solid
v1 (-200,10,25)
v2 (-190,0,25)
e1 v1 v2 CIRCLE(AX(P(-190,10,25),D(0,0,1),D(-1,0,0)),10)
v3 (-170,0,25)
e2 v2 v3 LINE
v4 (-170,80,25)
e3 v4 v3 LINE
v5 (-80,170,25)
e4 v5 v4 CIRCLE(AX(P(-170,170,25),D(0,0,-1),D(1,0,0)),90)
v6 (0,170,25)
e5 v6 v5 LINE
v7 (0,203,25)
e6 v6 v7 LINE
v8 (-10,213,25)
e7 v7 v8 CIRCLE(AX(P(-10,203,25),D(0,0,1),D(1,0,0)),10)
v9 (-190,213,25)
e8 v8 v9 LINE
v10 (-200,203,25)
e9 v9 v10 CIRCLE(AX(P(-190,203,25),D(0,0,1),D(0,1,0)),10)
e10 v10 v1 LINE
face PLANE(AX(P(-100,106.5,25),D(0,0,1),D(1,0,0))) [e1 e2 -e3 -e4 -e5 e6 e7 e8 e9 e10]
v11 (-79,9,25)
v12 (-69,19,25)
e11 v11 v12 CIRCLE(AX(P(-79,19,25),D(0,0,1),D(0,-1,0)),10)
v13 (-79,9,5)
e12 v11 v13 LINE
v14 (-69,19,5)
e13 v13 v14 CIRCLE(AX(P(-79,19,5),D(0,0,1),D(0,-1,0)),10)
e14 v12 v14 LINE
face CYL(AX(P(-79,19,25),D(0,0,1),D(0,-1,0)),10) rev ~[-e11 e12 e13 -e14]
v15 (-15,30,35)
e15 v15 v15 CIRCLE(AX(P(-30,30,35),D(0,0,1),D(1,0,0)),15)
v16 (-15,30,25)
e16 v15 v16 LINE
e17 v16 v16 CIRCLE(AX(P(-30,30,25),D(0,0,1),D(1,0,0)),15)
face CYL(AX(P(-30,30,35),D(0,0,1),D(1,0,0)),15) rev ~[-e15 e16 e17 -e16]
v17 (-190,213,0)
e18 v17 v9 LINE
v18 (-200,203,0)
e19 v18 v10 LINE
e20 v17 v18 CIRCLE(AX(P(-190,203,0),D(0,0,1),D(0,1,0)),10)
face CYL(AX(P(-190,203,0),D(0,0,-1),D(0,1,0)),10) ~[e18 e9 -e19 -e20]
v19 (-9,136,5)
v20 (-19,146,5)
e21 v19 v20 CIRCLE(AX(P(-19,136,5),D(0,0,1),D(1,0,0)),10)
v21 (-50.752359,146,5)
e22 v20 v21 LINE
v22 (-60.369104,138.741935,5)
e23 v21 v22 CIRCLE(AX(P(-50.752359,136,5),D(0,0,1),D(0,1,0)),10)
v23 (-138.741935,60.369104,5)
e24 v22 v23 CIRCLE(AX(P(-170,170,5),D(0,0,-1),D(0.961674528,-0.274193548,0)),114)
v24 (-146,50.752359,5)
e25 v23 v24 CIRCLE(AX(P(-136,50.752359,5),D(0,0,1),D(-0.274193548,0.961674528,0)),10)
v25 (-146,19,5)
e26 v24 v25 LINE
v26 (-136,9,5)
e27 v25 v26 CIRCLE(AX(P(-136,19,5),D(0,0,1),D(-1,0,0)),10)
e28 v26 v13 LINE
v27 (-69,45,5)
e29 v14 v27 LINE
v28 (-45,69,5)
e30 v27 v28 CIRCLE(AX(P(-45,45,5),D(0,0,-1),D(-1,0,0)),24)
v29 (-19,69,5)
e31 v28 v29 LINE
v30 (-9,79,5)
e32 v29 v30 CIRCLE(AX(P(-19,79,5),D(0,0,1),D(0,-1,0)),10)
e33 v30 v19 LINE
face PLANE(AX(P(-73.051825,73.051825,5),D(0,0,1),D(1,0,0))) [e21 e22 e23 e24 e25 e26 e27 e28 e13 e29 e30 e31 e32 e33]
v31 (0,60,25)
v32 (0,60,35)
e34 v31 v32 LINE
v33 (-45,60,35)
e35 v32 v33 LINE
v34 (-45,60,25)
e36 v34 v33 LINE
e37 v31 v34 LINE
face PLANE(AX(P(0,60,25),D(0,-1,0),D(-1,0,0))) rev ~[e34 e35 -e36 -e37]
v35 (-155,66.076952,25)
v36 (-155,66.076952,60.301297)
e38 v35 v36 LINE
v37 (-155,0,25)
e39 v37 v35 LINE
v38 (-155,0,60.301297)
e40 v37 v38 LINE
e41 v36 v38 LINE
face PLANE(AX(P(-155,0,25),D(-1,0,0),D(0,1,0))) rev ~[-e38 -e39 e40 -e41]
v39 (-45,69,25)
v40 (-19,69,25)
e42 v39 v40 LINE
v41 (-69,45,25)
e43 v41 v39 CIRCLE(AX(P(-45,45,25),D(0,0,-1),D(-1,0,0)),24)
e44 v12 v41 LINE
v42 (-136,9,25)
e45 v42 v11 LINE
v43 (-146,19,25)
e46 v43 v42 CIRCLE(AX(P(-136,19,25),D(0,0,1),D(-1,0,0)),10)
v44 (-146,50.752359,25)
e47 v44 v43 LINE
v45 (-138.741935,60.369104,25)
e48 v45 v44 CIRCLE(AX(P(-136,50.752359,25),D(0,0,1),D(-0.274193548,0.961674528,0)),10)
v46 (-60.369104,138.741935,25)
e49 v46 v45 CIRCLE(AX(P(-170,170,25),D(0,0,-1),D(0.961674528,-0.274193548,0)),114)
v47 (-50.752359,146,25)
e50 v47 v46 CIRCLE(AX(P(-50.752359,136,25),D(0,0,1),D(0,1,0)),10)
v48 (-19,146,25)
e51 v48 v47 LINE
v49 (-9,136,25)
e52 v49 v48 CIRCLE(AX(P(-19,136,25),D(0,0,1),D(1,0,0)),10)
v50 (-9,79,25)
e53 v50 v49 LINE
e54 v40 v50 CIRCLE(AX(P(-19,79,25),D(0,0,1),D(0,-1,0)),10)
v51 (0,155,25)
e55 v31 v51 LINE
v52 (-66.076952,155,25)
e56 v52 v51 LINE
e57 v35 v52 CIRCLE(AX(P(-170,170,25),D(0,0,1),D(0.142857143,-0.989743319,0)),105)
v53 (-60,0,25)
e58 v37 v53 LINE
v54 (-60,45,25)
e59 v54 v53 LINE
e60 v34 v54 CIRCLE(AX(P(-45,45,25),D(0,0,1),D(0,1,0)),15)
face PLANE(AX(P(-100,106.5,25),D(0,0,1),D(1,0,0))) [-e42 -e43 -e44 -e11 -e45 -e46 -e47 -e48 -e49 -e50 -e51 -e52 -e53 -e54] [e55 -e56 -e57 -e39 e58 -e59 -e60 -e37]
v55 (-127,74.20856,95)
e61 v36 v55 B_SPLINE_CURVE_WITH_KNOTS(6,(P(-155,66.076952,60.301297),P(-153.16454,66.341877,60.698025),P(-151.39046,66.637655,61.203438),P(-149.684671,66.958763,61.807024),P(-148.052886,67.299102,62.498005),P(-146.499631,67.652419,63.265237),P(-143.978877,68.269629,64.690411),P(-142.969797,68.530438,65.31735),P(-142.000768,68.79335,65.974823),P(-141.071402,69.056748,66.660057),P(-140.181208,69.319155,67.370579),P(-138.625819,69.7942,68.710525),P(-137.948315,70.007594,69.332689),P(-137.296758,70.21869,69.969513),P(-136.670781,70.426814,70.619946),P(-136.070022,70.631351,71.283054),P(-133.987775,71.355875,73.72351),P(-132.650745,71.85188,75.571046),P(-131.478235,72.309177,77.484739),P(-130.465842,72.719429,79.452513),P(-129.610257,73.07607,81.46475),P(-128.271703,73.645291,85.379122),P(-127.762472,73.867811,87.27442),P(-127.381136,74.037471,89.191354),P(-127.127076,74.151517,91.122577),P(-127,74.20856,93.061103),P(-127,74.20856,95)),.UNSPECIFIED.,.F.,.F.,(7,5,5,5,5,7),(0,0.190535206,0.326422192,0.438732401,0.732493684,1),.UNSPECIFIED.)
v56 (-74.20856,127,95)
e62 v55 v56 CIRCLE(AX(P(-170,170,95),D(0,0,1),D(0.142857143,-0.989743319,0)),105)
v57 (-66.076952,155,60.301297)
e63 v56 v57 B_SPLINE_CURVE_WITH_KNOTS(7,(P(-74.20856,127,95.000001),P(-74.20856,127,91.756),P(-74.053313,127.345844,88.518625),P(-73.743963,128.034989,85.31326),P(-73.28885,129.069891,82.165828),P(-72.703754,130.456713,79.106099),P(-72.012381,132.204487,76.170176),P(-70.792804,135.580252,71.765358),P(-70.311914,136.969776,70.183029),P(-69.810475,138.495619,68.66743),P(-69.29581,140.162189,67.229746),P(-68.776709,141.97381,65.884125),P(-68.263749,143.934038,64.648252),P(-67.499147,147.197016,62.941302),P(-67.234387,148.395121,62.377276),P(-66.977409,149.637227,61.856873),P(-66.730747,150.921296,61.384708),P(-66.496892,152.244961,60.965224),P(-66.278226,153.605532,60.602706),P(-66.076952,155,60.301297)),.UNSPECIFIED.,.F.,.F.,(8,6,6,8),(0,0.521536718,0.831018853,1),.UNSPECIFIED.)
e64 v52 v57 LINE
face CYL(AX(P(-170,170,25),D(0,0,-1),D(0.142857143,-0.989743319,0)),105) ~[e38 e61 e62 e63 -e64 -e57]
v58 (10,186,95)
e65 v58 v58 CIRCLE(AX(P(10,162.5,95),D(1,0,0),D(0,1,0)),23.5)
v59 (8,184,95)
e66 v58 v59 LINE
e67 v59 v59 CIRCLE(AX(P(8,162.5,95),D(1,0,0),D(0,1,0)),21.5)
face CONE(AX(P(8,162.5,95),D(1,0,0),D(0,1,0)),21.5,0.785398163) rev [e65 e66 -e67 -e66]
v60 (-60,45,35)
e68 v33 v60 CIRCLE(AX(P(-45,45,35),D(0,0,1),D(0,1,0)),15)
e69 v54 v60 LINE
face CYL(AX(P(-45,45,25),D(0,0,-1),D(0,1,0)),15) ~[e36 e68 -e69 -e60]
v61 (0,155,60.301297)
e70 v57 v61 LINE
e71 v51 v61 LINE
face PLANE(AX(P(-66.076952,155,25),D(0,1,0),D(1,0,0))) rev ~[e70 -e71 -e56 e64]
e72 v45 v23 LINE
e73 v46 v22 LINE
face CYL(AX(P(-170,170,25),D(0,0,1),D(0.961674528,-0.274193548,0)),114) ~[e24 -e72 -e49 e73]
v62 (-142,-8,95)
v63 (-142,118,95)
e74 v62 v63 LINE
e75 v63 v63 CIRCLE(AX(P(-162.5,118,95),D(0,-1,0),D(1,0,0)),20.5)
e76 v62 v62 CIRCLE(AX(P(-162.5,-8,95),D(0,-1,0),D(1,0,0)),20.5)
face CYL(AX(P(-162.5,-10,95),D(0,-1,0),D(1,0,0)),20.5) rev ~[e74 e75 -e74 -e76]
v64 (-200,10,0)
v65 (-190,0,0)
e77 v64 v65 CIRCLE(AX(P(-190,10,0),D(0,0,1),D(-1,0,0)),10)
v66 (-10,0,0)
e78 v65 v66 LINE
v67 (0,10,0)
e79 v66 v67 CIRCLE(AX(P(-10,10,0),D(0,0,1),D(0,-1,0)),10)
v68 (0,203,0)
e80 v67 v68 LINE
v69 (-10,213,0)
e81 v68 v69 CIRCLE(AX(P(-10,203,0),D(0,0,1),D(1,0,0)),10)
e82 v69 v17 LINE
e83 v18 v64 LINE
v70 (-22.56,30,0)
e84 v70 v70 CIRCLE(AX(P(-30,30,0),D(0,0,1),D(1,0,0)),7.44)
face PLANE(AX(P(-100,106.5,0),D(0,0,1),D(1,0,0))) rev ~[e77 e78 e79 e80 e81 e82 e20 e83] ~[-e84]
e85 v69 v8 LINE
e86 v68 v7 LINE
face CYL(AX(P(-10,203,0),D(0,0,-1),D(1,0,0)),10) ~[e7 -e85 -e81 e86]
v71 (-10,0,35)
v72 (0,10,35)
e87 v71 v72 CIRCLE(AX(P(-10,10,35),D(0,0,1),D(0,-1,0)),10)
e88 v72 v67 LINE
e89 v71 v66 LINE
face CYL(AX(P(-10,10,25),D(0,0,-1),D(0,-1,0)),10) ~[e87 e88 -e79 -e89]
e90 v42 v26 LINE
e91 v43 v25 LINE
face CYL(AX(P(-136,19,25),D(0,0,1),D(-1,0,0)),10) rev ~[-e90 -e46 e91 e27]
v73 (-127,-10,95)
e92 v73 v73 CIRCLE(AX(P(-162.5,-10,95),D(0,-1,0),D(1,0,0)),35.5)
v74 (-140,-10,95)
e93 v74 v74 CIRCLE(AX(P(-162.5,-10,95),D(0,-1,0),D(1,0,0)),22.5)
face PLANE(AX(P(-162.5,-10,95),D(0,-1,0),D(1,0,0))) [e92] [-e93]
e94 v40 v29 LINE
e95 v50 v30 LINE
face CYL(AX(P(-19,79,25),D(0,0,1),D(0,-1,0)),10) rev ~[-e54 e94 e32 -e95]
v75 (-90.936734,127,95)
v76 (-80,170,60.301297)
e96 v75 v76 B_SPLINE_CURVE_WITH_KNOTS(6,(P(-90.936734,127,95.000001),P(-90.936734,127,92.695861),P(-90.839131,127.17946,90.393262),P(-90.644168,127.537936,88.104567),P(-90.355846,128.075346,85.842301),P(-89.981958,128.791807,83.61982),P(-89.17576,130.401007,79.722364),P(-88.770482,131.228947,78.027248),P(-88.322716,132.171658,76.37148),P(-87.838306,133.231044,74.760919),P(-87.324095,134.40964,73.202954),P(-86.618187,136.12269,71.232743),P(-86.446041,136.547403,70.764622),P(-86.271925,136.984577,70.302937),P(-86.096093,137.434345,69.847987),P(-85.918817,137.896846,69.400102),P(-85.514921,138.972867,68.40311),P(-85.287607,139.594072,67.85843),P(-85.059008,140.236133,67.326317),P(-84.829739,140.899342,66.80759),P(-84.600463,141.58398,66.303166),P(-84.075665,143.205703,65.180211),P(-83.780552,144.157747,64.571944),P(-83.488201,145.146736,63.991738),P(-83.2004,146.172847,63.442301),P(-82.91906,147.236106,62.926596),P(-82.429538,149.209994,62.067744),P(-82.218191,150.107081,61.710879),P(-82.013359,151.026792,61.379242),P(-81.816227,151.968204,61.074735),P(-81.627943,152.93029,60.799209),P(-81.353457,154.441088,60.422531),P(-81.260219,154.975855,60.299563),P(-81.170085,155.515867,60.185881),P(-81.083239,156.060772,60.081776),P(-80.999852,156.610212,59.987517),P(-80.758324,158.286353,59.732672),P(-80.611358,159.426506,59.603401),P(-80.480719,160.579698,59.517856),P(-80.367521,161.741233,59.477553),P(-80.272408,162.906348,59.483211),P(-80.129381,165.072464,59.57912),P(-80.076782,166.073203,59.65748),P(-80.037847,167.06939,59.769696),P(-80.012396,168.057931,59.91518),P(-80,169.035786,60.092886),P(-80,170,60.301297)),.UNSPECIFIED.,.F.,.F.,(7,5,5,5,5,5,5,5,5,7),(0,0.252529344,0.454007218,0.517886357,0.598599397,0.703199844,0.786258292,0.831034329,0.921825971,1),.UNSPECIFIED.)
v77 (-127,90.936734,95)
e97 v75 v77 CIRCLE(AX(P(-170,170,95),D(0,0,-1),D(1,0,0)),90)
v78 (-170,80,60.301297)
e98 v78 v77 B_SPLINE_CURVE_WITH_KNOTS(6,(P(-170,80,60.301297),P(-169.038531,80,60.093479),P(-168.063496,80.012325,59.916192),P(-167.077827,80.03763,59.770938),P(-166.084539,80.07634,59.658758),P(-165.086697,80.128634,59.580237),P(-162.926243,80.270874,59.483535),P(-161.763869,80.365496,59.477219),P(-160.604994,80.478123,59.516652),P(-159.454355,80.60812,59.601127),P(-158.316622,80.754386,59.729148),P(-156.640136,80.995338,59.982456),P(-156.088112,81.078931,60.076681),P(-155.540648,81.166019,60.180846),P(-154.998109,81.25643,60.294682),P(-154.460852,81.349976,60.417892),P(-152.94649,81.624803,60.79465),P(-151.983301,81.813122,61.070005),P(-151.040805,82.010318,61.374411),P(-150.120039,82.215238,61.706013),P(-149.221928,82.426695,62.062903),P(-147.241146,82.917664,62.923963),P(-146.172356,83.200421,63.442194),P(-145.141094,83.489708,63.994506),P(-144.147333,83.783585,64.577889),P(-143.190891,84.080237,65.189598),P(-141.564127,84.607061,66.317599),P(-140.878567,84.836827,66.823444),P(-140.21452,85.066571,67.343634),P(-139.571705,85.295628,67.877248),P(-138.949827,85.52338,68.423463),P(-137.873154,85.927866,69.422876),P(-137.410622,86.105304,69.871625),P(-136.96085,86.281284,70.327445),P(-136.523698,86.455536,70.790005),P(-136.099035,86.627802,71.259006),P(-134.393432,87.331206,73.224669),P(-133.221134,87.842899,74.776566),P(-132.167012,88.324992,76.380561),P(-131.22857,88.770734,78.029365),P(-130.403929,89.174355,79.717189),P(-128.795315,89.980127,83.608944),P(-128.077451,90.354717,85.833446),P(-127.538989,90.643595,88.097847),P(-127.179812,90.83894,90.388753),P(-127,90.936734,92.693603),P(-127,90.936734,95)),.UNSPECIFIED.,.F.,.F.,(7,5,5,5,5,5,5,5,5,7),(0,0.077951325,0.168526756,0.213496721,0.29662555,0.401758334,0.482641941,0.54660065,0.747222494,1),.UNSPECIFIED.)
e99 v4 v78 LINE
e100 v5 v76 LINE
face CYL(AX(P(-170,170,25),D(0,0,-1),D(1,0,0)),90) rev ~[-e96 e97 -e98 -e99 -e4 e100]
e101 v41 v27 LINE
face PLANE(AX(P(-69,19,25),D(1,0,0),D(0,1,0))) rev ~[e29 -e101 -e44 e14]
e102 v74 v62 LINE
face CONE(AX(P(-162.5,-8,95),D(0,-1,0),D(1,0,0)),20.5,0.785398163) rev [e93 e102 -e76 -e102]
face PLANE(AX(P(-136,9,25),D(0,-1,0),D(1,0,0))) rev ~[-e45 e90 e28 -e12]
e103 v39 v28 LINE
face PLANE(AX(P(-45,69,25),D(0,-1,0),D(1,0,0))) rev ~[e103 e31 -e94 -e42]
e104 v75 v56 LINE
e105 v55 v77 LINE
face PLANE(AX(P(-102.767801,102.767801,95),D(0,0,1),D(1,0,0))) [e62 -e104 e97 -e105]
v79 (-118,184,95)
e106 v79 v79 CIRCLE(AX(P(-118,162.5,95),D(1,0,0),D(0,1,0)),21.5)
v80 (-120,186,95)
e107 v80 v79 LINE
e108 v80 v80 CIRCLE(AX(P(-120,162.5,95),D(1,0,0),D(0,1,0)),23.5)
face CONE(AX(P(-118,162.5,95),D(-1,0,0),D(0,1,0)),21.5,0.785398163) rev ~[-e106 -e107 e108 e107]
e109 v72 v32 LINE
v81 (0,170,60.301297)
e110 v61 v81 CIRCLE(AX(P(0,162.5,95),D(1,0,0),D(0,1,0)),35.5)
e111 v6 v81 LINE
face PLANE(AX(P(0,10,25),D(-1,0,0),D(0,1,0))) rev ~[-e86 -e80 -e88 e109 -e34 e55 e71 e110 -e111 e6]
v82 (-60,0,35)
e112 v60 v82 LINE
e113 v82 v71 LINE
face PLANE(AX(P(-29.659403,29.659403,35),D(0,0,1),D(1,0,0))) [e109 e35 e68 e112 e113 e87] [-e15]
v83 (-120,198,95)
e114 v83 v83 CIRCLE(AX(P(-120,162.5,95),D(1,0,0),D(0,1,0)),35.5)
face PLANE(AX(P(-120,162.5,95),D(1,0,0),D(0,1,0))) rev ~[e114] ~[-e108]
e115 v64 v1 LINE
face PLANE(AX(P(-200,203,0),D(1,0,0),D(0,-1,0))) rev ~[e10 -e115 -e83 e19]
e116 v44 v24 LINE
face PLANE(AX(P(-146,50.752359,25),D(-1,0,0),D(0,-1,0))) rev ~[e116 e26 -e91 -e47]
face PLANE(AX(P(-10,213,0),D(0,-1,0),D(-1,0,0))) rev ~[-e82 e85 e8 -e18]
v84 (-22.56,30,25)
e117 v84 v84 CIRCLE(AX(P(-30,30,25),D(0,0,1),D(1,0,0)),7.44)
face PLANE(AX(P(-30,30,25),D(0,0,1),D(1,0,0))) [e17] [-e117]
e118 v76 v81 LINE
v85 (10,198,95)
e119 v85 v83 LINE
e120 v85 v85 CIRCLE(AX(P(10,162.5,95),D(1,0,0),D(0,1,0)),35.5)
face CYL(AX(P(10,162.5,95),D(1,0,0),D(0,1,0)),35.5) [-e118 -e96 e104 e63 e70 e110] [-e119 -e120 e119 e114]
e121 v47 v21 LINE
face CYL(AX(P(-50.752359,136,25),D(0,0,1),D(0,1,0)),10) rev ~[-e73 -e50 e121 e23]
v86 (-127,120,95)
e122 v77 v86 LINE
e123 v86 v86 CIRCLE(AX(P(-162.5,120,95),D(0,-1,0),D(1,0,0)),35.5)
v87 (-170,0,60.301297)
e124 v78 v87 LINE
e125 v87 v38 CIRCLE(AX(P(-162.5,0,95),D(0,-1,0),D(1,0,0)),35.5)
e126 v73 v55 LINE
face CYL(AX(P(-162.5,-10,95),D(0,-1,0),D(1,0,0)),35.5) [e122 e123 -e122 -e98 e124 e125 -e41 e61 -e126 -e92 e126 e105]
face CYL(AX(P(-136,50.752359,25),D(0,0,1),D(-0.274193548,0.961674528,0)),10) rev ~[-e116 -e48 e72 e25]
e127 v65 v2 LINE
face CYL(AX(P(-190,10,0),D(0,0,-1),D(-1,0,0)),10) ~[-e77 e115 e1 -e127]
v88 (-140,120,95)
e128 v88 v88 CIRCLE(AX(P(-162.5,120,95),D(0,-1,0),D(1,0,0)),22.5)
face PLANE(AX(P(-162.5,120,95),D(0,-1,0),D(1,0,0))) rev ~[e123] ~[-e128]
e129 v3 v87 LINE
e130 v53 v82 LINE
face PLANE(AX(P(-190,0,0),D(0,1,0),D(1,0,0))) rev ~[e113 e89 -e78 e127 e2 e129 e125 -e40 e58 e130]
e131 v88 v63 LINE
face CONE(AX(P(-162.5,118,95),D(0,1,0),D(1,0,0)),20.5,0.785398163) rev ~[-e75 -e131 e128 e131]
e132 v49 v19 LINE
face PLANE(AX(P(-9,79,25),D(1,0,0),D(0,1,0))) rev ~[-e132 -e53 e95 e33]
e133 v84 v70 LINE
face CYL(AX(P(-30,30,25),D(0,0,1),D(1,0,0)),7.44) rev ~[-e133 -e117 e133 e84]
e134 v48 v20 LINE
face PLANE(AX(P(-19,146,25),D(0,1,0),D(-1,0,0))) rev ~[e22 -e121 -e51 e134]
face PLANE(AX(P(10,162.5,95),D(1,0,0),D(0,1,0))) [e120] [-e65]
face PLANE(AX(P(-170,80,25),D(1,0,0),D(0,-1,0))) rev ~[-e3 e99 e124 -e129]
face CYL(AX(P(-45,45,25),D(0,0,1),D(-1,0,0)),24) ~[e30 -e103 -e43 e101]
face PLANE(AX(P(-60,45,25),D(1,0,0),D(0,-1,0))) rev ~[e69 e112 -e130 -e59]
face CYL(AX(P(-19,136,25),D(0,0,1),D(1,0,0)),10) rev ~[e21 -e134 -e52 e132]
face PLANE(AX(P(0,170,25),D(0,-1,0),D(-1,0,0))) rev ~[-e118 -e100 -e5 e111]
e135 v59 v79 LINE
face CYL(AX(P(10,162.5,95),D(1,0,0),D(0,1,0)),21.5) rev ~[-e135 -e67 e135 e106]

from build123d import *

# Parameters (mm, degrees)
F1_DEPTH  = 25
F3_DEPTH  = 70
F5_DEPTH  = 10
F6_R      = 15
F7_DEPTH  = 10
F8_R      = 7.44
F9_DEPTH  = 25.001
F11_DEPTH = 20
F13_R     = 35.5
F14_DEPTH = 130
F15_R     = 20.5
F16_DEPTH = 223.001
F18_R     = 35.5
F19_DEPTH = 130
F20_R     = 21.5
F21_DEPTH = 210.001
F22_SIZE2 = 2
F22_SIZE  = 2


with BuildPart() as f1:
    # F0 (on Top) → F1 (new body)
    with BuildSketch(Plane.XY):
        with BuildLine():
            Line((-190, 0), (-10, 0))
            ThreePointArc((-10, 0), (-2.9289321881, 2.9289321881), (0, 10))
            Line((0, 10), (0, 203))
            ThreePointArc((0, 203), (-2.9289321881, 210.0710678119), (-10, 213))
            Line((-10, 213), (-190, 213))
            ThreePointArc((-190, 213), (-197.0710678119, 210.0710678119), (-200, 203))
            Line((-200, 203), (-200, 10))
            ThreePointArc((-200, 10), (-197.0710678119, 2.9289321881), (-190, 0))
        make_face()
    extrude(amount=F1_DEPTH)

    # F2 (on face) → F3 (join)
    with BuildSketch(Plane.XY.offset(25)):
        with BuildLine():
            Line((0, 155), (0, 170))
            Line((0, 170), (-80, 170))
            ThreePointArc((-80, 170), (-106.3603896932, 106.3603896932), (-170, 80))
            Line((-170, 80), (-170, 0))
            Line((-170, 0), (-155, 0))
            Line((-155, 0), (-155, 66.0769515459))
            ThreePointArc((-155, 66.0769515459), (-95.7537879754, 95.7537879754), (-66.0769515459, 155))
            Line((-66.0769515459, 155), (0, 155))
        make_face()
    extrude(amount=F3_DEPTH)

    # F4 (on face) → F5 (join)
    with BuildSketch(Plane.XY.offset(25)):
        with BuildLine():
            Line((0, 60), (-45, 60))
            ThreePointArc((-45, 60), (-55.6066017178, 55.6066017178), (-60, 45))
            Line((-60, 45), (-60, 0))
            Line((-60, 0), (-10, 0))
            ThreePointArc((-10, 0), (-2.9289321881, 2.9289321881), (0, 10))
            Line((0, 10), (0, 60))
        make_face()
    extrude(amount=F5_DEPTH)

    # F6 (on face) → F7 (cut)
    with BuildSketch(Plane.XY.offset(35)):
        with Locations((-30, 30)):
            Circle(F6_R)
    extrude(amount=-F7_DEPTH, mode=Mode.SUBTRACT)

    # F8 (on face) → F9 (cut, through all)
    with BuildSketch(Plane.XY.offset(25)):
        with Locations((-30, 30)):
            Circle(F8_R)
    extrude(amount=-F9_DEPTH, mode=Mode.SUBTRACT)

    # F10 (on face) → F11 (cut)
    with BuildSketch(Plane.XY.offset(25)):
        with BuildLine():
            ThreePointArc((-19, 69), (-11.9289321881, 71.9289321881), (-9, 79))
            Line((-9, 79), (-9, 136))
            ThreePointArc((-9, 136), (-11.9289321881, 143.0710678119), (-19, 146))
            Line((-19, 146), (-50.7523585139, 146))
            ThreePointArc((-50.7523585139, 146), (-56.7765034807, 143.981834214), (-60.369103795, 138.7419354839))
            ThreePointArc((-60.369103795, 138.7419354839), (-89.3898269447, 89.3898269447), (-138.7419354839, 60.369103795))
            ThreePointArc((-138.7419354839, 60.369103795), (-143.981834214, 56.7765034807), (-146, 50.7523585139))
            Line((-146, 50.7523585139), (-146, 19))
            ThreePointArc((-146, 19), (-143.0710678119, 11.9289321881), (-136, 9))
            Line((-136, 9), (-79, 9))
            ThreePointArc((-79, 9), (-71.9289321881, 11.9289321881), (-69, 19))
            Line((-69, 19), (-69, 45))
            ThreePointArc((-69, 45), (-61.9705627485, 61.9705627485), (-45, 69))
            Line((-45, 69), (-19, 69))
        make_face()
    extrude(amount=-F11_DEPTH, mode=Mode.SUBTRACT)

    # F13 (on offset) → F14 (join)
    with BuildSketch(Plane.XZ.offset(10)):
        with Locations((-162.5, 95)):
            Circle(F13_R)
    extrude(amount=-F14_DEPTH)

    # F15 (on face) → F16 (cut, through all)
    with BuildSketch(Plane.XZ.offset(10)):
        with Locations((-162.5, 95)):
            Circle(F15_R)
    extrude(amount=-F16_DEPTH, mode=Mode.SUBTRACT)

    # F18 (on offset) → F19 (join)
    with BuildSketch(Plane.YZ.offset(10)):
        with Locations((162.5, 95)):
            Circle(F18_R)
    extrude(amount=-F19_DEPTH)

    # F20 (on face) → F21 (cut, through all)
    with BuildSketch(Plane.YZ.offset(10)):
        with Locations((162.5, 95)):
            Circle(F20_R)
    extrude(amount=-F21_DEPTH, mode=Mode.SUBTRACT)

    # F22
    f22_edges = [f1.edges().sort_by_distance(p)[0] for p in [
        (-183, -10, 95),
        (-183, 120, 95),
        (10, 141, 95),
        (-120, 141, 95),
    ]]
    chamfer(f22_edges, length=F22_SIZE, length2=F22_SIZE2)


solid = f1.part
